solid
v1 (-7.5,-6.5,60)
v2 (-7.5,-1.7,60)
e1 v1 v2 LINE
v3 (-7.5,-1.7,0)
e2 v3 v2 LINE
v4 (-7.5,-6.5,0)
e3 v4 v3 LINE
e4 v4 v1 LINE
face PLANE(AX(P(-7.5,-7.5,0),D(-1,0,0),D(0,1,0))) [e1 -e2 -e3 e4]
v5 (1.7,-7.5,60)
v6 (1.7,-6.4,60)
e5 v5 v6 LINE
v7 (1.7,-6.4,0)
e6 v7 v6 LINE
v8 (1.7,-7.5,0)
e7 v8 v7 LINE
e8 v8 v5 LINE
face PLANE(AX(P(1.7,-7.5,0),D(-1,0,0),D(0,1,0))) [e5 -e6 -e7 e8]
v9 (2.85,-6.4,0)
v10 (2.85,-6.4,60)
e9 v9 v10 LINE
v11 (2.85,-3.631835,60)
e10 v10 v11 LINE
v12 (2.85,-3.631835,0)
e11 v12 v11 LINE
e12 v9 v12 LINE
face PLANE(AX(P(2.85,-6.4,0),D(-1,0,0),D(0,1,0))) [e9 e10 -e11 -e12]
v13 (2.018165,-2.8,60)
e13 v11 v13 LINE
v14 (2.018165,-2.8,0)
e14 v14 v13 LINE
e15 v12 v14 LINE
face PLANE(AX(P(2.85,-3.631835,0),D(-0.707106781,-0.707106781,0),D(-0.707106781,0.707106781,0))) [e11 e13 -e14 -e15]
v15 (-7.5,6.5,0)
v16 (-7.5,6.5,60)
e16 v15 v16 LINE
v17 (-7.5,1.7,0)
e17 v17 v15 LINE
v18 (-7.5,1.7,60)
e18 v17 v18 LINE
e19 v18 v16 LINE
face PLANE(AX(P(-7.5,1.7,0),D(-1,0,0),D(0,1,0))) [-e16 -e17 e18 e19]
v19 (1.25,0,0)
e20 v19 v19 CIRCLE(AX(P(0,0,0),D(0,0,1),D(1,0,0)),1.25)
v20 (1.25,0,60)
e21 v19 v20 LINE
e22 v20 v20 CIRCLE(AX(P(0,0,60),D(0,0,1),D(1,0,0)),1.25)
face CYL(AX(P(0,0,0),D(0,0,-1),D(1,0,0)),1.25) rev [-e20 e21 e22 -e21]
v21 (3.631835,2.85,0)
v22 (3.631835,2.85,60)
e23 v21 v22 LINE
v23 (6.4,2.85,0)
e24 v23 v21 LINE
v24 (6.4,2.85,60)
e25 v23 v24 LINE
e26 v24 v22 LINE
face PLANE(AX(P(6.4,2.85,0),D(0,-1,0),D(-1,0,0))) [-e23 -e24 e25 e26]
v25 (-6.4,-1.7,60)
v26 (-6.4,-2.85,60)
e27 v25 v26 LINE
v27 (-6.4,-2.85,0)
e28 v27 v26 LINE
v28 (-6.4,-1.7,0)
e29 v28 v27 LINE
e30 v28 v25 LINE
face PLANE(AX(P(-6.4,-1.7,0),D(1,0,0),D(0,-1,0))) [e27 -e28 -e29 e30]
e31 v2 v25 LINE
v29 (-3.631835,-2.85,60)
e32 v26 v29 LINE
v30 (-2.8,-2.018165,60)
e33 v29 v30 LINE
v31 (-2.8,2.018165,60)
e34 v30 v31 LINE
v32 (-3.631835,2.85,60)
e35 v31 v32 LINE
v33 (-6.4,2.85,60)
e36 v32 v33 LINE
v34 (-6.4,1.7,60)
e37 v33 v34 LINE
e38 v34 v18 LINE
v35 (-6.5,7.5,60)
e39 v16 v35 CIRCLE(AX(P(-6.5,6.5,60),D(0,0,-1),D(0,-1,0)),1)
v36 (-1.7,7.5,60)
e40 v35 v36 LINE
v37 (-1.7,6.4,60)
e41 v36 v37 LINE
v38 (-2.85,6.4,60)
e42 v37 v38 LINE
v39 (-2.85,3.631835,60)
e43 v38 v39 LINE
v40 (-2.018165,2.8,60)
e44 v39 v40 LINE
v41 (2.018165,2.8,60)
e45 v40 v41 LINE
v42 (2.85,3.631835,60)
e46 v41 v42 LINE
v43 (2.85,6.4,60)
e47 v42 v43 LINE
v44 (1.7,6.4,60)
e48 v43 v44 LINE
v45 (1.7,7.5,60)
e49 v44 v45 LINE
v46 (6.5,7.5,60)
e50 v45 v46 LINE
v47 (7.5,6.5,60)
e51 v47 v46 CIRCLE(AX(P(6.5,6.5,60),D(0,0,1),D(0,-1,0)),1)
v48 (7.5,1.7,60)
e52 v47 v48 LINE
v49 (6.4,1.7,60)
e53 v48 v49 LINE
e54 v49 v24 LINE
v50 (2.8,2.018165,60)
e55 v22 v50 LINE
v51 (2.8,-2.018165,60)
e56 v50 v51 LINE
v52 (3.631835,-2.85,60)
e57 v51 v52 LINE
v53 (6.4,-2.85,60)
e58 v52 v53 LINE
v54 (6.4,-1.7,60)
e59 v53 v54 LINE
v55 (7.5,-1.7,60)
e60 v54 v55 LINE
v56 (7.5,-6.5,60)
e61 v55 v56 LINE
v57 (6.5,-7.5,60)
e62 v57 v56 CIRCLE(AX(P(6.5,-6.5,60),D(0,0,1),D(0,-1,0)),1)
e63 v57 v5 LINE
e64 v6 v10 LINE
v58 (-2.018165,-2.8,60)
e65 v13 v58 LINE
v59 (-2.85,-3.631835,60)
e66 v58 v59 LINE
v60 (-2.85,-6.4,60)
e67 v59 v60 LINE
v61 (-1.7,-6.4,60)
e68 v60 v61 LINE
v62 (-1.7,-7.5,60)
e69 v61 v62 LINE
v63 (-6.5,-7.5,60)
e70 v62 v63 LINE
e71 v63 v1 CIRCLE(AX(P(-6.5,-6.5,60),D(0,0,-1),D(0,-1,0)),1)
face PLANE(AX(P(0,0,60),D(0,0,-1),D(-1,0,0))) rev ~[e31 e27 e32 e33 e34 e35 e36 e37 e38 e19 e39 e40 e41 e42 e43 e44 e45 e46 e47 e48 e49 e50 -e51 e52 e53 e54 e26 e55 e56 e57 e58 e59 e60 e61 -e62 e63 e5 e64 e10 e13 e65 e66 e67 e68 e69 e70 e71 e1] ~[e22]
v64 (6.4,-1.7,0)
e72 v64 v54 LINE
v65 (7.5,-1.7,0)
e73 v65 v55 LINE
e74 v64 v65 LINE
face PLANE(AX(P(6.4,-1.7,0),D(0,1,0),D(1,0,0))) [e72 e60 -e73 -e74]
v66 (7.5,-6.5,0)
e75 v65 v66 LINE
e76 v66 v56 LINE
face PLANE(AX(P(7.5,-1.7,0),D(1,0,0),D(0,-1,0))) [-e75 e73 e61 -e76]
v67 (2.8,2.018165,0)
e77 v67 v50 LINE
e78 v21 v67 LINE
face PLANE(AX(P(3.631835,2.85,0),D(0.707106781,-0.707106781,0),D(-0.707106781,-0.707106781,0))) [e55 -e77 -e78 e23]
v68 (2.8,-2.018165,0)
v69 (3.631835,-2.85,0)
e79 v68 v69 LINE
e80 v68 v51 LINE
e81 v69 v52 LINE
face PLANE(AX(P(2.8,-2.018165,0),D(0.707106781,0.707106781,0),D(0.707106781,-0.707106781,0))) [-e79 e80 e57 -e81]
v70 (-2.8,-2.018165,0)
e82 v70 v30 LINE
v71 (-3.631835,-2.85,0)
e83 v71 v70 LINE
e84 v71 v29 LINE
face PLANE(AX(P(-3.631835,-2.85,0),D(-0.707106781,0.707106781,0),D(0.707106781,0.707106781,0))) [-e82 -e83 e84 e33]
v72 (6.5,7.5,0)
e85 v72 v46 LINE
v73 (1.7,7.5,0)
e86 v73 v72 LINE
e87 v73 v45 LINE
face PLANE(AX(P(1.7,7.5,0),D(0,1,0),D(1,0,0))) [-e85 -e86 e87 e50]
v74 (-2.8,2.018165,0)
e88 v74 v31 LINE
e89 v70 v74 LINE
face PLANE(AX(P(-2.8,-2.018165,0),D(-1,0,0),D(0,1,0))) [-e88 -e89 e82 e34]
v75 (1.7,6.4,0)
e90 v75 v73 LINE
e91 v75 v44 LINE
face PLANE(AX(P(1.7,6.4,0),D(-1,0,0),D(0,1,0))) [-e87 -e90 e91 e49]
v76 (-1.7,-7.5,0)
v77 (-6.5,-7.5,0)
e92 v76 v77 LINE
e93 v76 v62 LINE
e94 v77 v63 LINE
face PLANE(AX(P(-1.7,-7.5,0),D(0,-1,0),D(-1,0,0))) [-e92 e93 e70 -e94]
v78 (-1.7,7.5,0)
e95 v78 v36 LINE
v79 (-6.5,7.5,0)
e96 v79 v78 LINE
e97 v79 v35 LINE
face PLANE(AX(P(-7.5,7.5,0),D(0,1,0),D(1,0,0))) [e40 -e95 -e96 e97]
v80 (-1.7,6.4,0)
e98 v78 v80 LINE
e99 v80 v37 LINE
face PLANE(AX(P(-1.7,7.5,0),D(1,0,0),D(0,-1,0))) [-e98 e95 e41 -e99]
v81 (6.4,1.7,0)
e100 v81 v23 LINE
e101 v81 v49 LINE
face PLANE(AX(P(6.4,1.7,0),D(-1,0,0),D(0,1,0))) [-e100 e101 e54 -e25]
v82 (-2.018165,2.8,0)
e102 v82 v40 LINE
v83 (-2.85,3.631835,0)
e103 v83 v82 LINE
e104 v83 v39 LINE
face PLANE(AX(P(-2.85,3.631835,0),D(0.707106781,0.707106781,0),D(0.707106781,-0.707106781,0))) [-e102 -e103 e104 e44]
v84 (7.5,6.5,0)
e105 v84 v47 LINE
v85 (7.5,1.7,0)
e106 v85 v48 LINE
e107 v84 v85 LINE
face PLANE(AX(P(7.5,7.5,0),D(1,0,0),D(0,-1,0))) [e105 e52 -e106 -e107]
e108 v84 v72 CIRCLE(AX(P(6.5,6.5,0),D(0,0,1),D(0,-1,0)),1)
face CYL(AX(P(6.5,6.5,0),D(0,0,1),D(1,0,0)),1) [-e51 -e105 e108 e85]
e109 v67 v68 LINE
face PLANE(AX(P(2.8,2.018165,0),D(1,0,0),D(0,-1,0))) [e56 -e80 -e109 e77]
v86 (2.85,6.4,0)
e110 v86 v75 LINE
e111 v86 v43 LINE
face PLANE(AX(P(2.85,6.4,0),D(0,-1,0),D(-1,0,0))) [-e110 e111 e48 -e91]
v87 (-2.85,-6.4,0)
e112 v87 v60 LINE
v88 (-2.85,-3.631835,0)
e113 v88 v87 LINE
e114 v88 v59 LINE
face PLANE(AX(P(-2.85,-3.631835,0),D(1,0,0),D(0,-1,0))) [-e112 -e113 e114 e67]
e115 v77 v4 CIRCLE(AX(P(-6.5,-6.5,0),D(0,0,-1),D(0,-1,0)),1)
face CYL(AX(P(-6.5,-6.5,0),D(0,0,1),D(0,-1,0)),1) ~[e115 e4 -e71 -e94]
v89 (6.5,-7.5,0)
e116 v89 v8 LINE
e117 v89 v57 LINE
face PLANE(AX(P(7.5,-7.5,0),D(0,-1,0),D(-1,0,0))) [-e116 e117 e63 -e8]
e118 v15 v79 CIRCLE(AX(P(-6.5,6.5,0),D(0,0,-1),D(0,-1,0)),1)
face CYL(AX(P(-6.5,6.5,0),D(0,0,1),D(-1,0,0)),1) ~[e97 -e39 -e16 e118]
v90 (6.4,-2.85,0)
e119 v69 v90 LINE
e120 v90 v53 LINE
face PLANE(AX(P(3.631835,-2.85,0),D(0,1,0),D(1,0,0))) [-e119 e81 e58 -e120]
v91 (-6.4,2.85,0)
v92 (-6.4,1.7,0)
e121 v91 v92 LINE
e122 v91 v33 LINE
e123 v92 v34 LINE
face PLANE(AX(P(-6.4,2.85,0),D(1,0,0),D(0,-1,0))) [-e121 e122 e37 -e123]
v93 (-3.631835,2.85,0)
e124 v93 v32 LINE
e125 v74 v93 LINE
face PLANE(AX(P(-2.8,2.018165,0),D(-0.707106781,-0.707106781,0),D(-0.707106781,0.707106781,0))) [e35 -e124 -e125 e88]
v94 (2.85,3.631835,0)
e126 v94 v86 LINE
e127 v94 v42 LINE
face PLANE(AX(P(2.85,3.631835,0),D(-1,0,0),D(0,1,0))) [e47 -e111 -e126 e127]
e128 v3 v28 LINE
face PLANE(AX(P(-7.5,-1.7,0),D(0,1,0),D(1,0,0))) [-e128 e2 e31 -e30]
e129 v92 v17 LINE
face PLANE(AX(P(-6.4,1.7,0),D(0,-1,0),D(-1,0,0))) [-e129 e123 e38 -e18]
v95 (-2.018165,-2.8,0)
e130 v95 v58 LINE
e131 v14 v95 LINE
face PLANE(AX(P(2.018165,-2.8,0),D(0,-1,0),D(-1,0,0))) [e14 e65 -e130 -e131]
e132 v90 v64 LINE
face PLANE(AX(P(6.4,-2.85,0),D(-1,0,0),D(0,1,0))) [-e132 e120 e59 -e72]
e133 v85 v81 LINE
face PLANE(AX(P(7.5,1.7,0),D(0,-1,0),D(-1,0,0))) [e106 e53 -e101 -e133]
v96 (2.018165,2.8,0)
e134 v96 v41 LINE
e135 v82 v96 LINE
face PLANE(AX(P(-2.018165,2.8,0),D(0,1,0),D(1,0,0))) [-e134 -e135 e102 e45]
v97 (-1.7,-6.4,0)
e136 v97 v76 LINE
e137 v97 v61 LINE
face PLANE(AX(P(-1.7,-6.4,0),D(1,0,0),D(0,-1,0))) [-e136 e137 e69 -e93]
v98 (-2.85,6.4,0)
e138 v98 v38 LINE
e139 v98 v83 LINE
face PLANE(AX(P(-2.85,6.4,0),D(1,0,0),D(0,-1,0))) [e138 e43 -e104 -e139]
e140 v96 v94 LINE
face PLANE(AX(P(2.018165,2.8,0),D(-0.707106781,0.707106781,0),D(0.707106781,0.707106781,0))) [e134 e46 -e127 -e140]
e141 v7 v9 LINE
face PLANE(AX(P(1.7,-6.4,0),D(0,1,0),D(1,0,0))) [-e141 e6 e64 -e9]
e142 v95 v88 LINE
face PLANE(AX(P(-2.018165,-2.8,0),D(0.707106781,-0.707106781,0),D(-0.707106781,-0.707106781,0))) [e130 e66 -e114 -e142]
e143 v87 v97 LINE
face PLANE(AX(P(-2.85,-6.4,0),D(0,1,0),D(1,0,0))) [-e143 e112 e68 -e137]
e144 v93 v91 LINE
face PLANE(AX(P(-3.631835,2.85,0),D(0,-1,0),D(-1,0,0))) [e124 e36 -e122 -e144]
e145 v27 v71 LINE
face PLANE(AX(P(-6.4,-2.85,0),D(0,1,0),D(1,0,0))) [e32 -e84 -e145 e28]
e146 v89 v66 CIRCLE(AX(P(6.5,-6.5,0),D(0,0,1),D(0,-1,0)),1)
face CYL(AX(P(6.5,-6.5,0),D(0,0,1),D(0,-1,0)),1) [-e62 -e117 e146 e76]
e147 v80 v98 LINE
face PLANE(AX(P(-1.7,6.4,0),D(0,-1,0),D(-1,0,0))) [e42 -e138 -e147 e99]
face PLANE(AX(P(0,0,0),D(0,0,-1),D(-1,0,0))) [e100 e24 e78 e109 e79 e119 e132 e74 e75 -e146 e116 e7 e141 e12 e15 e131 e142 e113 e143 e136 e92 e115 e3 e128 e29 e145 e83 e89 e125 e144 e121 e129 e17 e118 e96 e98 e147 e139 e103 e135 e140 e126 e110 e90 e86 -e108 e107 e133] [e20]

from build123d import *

# Parameters (mm, degrees)
SKETCH1_R           = 1.25
BOSS_EXTRUDE1_DEPTH = 60
FILLET1_R           = 1


with BuildPart() as part:
    # Sketch1 → Boss-Extrude1 (new body)
    with BuildSketch(Plane.XY):
        Polygon((7.5, -7.5), (1.7, -7.5), (1.7, -6.4), (2.85, -6.4), (2.85, -3.63183498), (2.01816502, -2.8), (-2.01816502, -2.8), (-2.85, -3.63183498), (-2.85, -6.4), (-1.7, -6.4), (-1.7, -7.5), (-7.5, -7.5), (-7.5, -1.7), (-6.4, -1.7), (-6.4, -2.85), (-3.63183498, -2.85), (-2.8, -2.01816502), (-2.8, 2.01816502), (-3.63183498, 2.85), (-6.4, 2.85), (-6.4, 1.7), (-7.5, 1.7), (-7.5, 7.5), (-1.7, 7.5), (-1.7, 6.4), (-2.85, 6.4), (-2.85, 3.63183498), (-2.01816502, 2.8), (2.01816502, 2.8), (2.85, 3.63183498), (2.85, 6.4), (1.7, 6.4), (1.7, 7.5), (7.5, 7.5), (7.5, 1.7), (6.4, 1.7), (6.4, 2.85), (3.63183498, 2.85), (2.8, 2.01816502), (2.8, -2.01816502), (3.63183498, -2.85), (6.4, -2.85), (6.4, -1.7), (7.5, -1.7), align=None)
        Circle(SKETCH1_R, mode=Mode.SUBTRACT)
    extrude(amount=BOSS_EXTRUDE1_DEPTH)

    # Fillet1
    fillet1_edges = [part.edges().sort_by_distance(p)[0] for p in [
        (-7.5, 7.5, 30),
        (7.5, 7.5, 30),
        (7.5, -7.5, 30),
        (-7.5, -7.5, 30),
    ]]
    fillet(fillet1_edges, radius=FILLET1_R)


solid = part.part
